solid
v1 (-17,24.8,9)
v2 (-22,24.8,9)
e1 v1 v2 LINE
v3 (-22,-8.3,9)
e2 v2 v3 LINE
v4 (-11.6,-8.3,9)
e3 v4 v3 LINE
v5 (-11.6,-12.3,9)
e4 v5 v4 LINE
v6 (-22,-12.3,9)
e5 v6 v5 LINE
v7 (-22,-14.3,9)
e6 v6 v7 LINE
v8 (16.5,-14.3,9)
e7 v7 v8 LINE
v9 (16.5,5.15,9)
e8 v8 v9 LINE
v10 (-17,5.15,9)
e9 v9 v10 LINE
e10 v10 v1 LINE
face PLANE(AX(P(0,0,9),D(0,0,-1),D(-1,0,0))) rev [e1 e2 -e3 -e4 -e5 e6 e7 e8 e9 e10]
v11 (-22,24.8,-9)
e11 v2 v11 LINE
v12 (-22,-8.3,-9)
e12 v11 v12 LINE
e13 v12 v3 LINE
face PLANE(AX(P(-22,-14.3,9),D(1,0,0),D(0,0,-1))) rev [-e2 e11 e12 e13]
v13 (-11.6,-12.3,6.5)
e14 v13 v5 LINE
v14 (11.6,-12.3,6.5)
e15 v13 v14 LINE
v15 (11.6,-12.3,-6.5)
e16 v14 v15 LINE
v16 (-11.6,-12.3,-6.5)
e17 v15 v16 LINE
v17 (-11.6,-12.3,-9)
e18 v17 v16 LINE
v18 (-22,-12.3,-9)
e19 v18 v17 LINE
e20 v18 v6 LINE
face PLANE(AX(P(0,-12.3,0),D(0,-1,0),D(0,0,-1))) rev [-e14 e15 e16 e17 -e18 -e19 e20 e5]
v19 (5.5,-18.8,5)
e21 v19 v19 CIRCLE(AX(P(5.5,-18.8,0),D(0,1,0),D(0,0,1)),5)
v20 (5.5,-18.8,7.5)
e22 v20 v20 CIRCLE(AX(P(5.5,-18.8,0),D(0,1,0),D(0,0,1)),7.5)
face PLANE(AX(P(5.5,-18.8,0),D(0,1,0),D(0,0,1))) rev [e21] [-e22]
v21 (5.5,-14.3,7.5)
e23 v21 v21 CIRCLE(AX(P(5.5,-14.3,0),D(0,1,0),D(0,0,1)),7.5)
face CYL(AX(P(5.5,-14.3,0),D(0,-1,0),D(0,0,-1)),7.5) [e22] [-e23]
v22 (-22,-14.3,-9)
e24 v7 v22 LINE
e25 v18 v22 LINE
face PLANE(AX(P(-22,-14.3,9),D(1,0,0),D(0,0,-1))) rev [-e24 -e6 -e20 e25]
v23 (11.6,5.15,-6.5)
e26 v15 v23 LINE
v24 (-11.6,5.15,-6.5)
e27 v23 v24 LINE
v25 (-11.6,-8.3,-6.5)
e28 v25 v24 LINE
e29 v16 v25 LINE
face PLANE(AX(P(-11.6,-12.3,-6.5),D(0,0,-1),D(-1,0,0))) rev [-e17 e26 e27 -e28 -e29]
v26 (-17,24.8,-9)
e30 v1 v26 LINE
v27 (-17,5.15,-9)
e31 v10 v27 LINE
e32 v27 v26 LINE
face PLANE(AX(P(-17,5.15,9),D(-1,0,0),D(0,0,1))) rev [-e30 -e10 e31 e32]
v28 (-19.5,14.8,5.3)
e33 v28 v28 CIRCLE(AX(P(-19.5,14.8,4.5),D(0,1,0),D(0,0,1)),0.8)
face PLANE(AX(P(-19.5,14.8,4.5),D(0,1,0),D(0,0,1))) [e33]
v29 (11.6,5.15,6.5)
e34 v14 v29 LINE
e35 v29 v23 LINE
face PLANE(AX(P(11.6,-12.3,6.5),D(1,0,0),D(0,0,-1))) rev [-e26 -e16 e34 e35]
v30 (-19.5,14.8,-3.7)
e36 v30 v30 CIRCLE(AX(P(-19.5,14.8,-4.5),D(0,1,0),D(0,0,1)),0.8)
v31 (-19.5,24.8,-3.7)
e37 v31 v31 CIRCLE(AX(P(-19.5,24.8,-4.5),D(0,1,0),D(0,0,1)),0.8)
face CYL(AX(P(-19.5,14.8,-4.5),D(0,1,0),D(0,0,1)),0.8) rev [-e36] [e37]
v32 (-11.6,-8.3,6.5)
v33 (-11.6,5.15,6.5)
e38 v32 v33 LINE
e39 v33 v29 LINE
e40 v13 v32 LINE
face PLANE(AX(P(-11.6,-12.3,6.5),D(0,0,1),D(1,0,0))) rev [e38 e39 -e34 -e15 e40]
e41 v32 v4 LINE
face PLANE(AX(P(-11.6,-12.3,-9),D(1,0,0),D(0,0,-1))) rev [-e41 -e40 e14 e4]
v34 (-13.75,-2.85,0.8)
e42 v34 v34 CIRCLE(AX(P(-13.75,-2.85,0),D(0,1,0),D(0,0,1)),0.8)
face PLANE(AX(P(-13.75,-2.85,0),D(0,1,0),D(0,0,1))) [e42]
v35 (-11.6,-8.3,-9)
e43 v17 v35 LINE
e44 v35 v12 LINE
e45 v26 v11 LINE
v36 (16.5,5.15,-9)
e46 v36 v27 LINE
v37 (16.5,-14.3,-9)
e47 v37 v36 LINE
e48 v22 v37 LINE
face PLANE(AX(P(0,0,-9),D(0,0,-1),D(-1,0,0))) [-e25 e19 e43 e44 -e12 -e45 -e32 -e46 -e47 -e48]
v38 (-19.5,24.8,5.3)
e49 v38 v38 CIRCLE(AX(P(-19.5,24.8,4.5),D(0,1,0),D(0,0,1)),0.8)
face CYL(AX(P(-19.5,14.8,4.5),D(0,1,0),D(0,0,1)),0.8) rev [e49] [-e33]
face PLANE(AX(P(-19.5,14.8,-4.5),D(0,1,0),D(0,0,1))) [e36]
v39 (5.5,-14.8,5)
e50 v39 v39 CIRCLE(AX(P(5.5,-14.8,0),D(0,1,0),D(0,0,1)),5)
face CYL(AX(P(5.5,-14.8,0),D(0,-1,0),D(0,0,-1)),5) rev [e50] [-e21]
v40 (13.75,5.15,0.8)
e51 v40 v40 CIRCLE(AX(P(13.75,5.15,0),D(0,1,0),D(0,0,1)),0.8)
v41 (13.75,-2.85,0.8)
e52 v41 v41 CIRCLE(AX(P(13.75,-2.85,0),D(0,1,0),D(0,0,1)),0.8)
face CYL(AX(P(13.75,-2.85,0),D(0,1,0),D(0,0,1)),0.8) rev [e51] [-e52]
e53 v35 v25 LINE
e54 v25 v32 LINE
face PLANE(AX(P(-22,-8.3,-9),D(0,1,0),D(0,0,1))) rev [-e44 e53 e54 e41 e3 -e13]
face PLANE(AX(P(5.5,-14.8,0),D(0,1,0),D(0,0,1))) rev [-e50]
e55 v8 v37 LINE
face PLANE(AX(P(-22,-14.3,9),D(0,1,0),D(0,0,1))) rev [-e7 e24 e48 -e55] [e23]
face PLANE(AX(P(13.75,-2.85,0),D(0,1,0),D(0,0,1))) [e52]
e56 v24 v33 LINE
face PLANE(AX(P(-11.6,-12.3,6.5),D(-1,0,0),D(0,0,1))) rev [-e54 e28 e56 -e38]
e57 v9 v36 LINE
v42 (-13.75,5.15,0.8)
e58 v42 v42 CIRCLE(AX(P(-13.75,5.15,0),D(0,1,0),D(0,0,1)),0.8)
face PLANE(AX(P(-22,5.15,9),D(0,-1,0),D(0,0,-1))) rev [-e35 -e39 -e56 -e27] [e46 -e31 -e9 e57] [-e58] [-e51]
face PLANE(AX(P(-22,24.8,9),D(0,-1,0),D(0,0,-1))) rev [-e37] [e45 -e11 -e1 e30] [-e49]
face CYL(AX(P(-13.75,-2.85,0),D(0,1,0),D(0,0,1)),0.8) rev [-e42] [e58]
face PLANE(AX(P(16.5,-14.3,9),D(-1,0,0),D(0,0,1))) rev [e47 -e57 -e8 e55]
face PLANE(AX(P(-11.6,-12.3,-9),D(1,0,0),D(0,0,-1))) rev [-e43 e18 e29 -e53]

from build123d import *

# Parameters (mm, degrees)
SKETCH1_W               = 38.5
SKETCH1_H               = 19.45
BOSS_EXTRUDE1_DEPTH     = 9
SKETCH2_W               = 5
SKETCH2_H               = 19.65
BOSS_EXTRUDE2_DEPTH     = 9
SKETCH3_R               = 7.5
BOSS_EXTRUDE3_DEPTH     = 4.5
SKETCH4_W               = 23.2
SKETCH4_H               = 13
CUT_EXTRUDE1_DEPTH      = 17.45
SKETCH5_R               = 5
CUT_EXTRUDE3_DEPTH      = 4
CUT_EXTRUDE4_DEPTH      = 35.351710292
CUT_EXTRUDE4_DEPTH_BACK = 35.351710292
SKETCH6_W               = 10.4
SKETCH6_H               = 4
SKETCH7_R               = 0.8
CUT_EXTRUDE5_DEPTH      = 8
SKETCH8_R               = 0.8
CUT_EXTRUDE6_DEPTH      = 8
SKETCH9_R               = 0.8
CUT_EXTRUDE7_DEPTH      = 10
SKETCH10_R              = 0.8
CUT_EXTRUDE8_DEPTH      = 10


with BuildPart() as part:
    # Sketch1 → Boss-Extrude1 (new, symmetric)
    with BuildSketch(Plane.XY):
        with Locations((-2.75, -4.575)):
            Rectangle(SKETCH1_W, SKETCH1_H)
    extrude(amount=BOSS_EXTRUDE1_DEPTH, both=True)

    # Sketch2 → Boss-Extrude2 (add, symmetric)
    with BuildSketch(Plane.XY):
        with Locations((-19.5, 14.975)):
            Rectangle(SKETCH2_W, SKETCH2_H)
    extrude(amount=BOSS_EXTRUDE2_DEPTH, both=True)

    # Sketch3 → Boss-Extrude3 (add)
    with BuildSketch(Plane(origin=(0, -18.8, 0), x_dir=(1, 0, 0), z_dir=(0, 1, 0))):
        with Locations(Location((5.5, 0, 0), (0, 0, 270))):
            Circle(SKETCH3_R)
    extrude(amount=BOSS_EXTRUDE3_DEPTH)

    # Sketch4 → Cut-Extrude1 (cut)
    with BuildSketch(Plane(origin=(0, 5.15, 0), x_dir=(1, 0, 0), z_dir=(0, 1, 0))):
        Rectangle(SKETCH4_W, SKETCH4_H)
    extrude(amount=-CUT_EXTRUDE1_DEPTH, mode=Mode.SUBTRACT)

    # Sketch5 → Cut-Extrude3 (cut)
    with BuildSketch(Plane(origin=(0, -18.8, 0), x_dir=(1, 0, 0), z_dir=(0, 1, 0))):
        with Locations(Location((5.5, 0, 0), (0, 0, 270))):
            Circle(SKETCH5_R)
    extrude(amount=CUT_EXTRUDE3_DEPTH, mode=Mode.SUBTRACT)

    # Sketch6 → Cut-Extrude4 (cut, two sides: drawn at the far end of the back side and taken through both)
    with BuildSketch(Plane.XY.offset(-CUT_EXTRUDE4_DEPTH_BACK)):
        with Locations((-16.8, -10.3)):
            Rectangle(SKETCH6_W, SKETCH6_H)
    extrude(amount=CUT_EXTRUDE4_DEPTH + CUT_EXTRUDE4_DEPTH_BACK, mode=Mode.SUBTRACT)

    # Sketch7 → Cut-Extrude5 (cut)
    with BuildSketch(Plane(origin=(0, 5.15, 0), x_dir=(1, 0, 0), z_dir=(0, 1, 0))):
        with Locations(Location((-13.75, 0, 0), (0, 0, 270))):
            Circle(SKETCH7_R)
    extrude(amount=-CUT_EXTRUDE5_DEPTH, mode=Mode.SUBTRACT)

    # Sketch8 → Cut-Extrude6 (cut)
    with BuildSketch(Plane(origin=(0, 5.15, 0), x_dir=(1, 0, 0), z_dir=(0, 1, 0))):
        with Locations(Location((13.75, 0, 0), (0, 0, 270))):
            Circle(SKETCH8_R)
    extrude(amount=-CUT_EXTRUDE6_DEPTH, mode=Mode.SUBTRACT)

    # Sketch9 → Cut-Extrude7 (cut)
    with BuildSketch(Plane(origin=(0, 24.8, 0), x_dir=(1, 0, 0), z_dir=(0, 1, 0))):
        with Locations(Location((-19.5, -4.5, 0), (0, 0, 270))):
            Circle(SKETCH9_R)
    extrude(amount=-CUT_EXTRUDE7_DEPTH, mode=Mode.SUBTRACT)

    # Sketch10 → Cut-Extrude8 (cut)
    with BuildSketch(Plane(origin=(0, 24.8, 0), x_dir=(1, 0, 0), z_dir=(0, 1, 0))):
        with Locations(Location((-19.5, 4.5, 0), (0, 0, 270))):
            Circle(SKETCH10_R)
    extrude(amount=-CUT_EXTRUDE8_DEPTH, mode=Mode.SUBTRACT)


solid = part.part
